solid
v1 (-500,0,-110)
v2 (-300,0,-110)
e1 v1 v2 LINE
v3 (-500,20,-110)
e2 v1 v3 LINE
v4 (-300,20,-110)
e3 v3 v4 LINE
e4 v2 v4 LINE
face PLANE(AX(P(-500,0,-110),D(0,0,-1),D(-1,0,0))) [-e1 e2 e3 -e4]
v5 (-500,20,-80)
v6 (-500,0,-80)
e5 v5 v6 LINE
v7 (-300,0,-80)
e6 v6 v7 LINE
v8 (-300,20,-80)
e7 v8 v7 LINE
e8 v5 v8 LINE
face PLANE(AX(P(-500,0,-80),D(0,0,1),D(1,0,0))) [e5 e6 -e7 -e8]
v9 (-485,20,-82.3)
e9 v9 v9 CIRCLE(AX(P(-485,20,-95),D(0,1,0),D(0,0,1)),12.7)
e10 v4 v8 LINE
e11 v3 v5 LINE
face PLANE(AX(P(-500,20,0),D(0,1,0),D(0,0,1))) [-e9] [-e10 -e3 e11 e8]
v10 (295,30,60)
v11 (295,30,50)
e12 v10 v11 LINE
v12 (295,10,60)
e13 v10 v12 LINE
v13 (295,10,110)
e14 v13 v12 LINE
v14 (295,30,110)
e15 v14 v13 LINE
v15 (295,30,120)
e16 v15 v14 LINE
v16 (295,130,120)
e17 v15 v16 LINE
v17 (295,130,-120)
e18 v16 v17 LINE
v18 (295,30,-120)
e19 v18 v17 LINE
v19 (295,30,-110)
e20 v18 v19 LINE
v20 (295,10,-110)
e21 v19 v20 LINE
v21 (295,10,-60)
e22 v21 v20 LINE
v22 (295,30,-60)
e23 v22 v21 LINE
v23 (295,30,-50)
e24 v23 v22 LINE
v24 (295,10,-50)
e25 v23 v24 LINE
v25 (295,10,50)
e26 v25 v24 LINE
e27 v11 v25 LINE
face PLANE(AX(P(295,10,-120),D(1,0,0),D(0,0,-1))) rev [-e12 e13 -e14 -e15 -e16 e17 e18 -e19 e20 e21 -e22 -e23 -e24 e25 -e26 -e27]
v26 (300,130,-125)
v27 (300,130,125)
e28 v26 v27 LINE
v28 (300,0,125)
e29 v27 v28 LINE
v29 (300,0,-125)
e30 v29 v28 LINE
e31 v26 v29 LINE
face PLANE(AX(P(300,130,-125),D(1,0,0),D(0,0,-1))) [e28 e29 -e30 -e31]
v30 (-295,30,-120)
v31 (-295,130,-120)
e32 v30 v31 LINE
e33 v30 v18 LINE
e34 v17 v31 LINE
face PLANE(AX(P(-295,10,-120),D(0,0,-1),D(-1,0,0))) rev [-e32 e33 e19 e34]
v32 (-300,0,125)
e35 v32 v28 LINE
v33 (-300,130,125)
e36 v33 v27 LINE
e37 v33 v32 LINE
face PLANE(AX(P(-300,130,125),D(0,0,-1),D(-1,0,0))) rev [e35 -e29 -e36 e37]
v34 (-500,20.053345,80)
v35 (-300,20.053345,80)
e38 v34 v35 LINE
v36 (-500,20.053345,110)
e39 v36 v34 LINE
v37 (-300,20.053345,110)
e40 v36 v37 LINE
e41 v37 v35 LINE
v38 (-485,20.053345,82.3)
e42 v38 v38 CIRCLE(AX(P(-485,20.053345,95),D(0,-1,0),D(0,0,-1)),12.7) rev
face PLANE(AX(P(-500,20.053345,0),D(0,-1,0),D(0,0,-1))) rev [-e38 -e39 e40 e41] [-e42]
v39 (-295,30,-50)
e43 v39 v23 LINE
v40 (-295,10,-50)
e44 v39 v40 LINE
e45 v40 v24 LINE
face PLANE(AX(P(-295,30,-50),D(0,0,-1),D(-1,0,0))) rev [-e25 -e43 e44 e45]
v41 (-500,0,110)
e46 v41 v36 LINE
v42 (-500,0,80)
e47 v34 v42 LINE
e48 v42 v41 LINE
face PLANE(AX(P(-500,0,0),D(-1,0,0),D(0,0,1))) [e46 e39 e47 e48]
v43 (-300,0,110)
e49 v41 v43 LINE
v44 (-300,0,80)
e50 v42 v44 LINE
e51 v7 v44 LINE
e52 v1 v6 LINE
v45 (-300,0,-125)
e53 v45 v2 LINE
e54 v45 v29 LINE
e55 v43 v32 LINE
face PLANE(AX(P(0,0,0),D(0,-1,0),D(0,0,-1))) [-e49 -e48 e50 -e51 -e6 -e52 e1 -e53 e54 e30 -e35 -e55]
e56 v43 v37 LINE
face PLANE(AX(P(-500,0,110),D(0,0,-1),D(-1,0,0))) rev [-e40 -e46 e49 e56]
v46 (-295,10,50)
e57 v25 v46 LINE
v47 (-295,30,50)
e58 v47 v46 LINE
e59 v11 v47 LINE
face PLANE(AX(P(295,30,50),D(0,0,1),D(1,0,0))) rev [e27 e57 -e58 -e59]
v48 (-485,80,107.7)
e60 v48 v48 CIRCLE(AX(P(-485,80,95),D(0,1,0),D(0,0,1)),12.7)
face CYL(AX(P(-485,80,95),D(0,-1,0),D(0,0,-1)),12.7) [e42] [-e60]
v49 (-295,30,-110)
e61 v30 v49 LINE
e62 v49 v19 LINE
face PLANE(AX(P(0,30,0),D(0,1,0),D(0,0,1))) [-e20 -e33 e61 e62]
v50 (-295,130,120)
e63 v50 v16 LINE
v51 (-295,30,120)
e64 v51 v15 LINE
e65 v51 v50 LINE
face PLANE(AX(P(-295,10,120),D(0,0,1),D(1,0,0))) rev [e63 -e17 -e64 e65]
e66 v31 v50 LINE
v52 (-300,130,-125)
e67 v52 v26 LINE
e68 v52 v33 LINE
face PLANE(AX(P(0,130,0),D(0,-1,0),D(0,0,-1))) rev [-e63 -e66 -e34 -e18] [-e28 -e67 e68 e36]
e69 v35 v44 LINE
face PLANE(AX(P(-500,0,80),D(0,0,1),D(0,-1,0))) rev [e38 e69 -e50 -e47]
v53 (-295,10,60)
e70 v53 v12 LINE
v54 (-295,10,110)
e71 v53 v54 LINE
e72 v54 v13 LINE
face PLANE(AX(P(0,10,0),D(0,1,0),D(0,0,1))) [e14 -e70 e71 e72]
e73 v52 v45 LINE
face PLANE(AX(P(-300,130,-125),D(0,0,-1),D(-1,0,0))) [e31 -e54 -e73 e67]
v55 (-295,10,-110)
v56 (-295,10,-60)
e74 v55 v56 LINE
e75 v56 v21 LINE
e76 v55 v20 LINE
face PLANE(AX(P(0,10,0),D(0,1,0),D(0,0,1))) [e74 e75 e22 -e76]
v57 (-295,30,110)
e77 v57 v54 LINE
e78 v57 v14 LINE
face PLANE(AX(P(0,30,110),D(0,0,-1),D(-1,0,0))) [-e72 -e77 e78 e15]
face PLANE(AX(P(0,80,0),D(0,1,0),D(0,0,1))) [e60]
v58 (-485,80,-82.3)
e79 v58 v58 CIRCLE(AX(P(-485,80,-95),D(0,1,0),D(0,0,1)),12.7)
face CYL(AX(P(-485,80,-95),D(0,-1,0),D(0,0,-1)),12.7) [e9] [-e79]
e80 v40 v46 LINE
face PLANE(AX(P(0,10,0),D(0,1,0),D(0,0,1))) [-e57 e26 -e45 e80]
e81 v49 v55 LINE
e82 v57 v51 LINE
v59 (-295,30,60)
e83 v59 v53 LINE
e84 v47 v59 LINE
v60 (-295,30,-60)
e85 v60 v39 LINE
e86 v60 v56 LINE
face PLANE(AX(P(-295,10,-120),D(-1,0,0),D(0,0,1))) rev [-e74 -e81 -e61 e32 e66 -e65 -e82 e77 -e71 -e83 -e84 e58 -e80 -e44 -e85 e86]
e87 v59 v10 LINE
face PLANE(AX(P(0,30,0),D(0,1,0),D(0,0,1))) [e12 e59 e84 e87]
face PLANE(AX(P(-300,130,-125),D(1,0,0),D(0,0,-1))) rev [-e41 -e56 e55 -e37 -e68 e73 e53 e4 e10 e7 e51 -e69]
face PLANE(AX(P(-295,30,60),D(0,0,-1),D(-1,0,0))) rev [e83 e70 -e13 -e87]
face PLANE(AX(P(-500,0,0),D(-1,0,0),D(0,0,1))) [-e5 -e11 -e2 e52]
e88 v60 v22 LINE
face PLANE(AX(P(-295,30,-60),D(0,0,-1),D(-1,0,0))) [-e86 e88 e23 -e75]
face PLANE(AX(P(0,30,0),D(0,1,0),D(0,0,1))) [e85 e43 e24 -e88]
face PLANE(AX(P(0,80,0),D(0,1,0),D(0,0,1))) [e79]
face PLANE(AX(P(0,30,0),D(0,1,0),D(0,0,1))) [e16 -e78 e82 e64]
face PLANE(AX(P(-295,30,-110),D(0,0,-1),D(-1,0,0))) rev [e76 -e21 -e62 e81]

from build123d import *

# Parameters (mm, degrees)
SKETCH1_W           = 600
SKETCH1_H           = 250
BOSS_EXTRUDE1_DEPTH = 130
SKETCH2_W           = 590
SKETCH2_H           = 240
CUT_EXTRUDE1_DEPTH  = 120
SKETCH3_W           = 590
SKETCH3_H           = 10
BOSS_EXTRUDE2_DEPTH = 20
SKETCH4_W           = 30
SKETCH4_H           = 20
SKETCH4_H_2         = 20.05334452
BOSS_EXTRUDE3_DEPTH = 200
SKETCH5_R           = 12.7
BOSS_EXTRUDE4_DEPTH = 60


with BuildPart() as part:
    # Sketch1 → Boss-Extrude1 (new body)
    with BuildSketch(Plane(origin=(0, 0, 0), x_dir=(1, 0, 0), z_dir=(0, 1, 0))):
        Rectangle(SKETCH1_W, SKETCH1_H)
    extrude(amount=BOSS_EXTRUDE1_DEPTH)

    # Sketch2 → Cut-Extrude1 (cut)
    with BuildSketch(Plane(origin=(0, 130, 0), x_dir=(1, 0, 0), z_dir=(0, 1, 0))):
        Rectangle(SKETCH2_W, SKETCH2_H)
    extrude(amount=-CUT_EXTRUDE1_DEPTH, mode=Mode.SUBTRACT)

    # Sketch3 → Boss-Extrude2 (add)
    with BuildSketch(Plane(origin=(0, 10, 0), x_dir=(1, 0, 0), z_dir=(0, 1, 0))):
        with Locations((0, -115)):
            Rectangle(SKETCH3_W, SKETCH3_H)
        with Locations((0, -55)):
            Rectangle(SKETCH3_W, SKETCH3_H)
        with Locations((0, 55)):
            Rectangle(SKETCH3_W, SKETCH3_H)
        with Locations((0, 115)):
            Rectangle(SKETCH3_W, SKETCH3_H)
    extrude(amount=BOSS_EXTRUDE2_DEPTH)

    # Sketch4 → Boss-Extrude3 (add)
    with BuildSketch(Plane.ZY.offset(300)):
        with Locations((-95, 10)):
            Rectangle(SKETCH4_W, SKETCH4_H)
        with Locations((95, 10.02667226)):
            Rectangle(SKETCH4_W, SKETCH4_H_2)
    extrude(amount=BOSS_EXTRUDE3_DEPTH)

    # Sketch5 → Boss-Extrude4 (add)
    with BuildSketch(Plane(origin=(0, 20, 0), x_dir=(1, 0, 0), z_dir=(0, 1, 0))):
        with Locations(Location((-485, -95, 0), (0, 0, 90))):
            Circle(SKETCH5_R)
        with Locations(Location((-485, 95, 0), (0, 0, 270))):
            Circle(SKETCH5_R)
    extrude(amount=BOSS_EXTRUDE4_DEPTH)


solid = part.part
